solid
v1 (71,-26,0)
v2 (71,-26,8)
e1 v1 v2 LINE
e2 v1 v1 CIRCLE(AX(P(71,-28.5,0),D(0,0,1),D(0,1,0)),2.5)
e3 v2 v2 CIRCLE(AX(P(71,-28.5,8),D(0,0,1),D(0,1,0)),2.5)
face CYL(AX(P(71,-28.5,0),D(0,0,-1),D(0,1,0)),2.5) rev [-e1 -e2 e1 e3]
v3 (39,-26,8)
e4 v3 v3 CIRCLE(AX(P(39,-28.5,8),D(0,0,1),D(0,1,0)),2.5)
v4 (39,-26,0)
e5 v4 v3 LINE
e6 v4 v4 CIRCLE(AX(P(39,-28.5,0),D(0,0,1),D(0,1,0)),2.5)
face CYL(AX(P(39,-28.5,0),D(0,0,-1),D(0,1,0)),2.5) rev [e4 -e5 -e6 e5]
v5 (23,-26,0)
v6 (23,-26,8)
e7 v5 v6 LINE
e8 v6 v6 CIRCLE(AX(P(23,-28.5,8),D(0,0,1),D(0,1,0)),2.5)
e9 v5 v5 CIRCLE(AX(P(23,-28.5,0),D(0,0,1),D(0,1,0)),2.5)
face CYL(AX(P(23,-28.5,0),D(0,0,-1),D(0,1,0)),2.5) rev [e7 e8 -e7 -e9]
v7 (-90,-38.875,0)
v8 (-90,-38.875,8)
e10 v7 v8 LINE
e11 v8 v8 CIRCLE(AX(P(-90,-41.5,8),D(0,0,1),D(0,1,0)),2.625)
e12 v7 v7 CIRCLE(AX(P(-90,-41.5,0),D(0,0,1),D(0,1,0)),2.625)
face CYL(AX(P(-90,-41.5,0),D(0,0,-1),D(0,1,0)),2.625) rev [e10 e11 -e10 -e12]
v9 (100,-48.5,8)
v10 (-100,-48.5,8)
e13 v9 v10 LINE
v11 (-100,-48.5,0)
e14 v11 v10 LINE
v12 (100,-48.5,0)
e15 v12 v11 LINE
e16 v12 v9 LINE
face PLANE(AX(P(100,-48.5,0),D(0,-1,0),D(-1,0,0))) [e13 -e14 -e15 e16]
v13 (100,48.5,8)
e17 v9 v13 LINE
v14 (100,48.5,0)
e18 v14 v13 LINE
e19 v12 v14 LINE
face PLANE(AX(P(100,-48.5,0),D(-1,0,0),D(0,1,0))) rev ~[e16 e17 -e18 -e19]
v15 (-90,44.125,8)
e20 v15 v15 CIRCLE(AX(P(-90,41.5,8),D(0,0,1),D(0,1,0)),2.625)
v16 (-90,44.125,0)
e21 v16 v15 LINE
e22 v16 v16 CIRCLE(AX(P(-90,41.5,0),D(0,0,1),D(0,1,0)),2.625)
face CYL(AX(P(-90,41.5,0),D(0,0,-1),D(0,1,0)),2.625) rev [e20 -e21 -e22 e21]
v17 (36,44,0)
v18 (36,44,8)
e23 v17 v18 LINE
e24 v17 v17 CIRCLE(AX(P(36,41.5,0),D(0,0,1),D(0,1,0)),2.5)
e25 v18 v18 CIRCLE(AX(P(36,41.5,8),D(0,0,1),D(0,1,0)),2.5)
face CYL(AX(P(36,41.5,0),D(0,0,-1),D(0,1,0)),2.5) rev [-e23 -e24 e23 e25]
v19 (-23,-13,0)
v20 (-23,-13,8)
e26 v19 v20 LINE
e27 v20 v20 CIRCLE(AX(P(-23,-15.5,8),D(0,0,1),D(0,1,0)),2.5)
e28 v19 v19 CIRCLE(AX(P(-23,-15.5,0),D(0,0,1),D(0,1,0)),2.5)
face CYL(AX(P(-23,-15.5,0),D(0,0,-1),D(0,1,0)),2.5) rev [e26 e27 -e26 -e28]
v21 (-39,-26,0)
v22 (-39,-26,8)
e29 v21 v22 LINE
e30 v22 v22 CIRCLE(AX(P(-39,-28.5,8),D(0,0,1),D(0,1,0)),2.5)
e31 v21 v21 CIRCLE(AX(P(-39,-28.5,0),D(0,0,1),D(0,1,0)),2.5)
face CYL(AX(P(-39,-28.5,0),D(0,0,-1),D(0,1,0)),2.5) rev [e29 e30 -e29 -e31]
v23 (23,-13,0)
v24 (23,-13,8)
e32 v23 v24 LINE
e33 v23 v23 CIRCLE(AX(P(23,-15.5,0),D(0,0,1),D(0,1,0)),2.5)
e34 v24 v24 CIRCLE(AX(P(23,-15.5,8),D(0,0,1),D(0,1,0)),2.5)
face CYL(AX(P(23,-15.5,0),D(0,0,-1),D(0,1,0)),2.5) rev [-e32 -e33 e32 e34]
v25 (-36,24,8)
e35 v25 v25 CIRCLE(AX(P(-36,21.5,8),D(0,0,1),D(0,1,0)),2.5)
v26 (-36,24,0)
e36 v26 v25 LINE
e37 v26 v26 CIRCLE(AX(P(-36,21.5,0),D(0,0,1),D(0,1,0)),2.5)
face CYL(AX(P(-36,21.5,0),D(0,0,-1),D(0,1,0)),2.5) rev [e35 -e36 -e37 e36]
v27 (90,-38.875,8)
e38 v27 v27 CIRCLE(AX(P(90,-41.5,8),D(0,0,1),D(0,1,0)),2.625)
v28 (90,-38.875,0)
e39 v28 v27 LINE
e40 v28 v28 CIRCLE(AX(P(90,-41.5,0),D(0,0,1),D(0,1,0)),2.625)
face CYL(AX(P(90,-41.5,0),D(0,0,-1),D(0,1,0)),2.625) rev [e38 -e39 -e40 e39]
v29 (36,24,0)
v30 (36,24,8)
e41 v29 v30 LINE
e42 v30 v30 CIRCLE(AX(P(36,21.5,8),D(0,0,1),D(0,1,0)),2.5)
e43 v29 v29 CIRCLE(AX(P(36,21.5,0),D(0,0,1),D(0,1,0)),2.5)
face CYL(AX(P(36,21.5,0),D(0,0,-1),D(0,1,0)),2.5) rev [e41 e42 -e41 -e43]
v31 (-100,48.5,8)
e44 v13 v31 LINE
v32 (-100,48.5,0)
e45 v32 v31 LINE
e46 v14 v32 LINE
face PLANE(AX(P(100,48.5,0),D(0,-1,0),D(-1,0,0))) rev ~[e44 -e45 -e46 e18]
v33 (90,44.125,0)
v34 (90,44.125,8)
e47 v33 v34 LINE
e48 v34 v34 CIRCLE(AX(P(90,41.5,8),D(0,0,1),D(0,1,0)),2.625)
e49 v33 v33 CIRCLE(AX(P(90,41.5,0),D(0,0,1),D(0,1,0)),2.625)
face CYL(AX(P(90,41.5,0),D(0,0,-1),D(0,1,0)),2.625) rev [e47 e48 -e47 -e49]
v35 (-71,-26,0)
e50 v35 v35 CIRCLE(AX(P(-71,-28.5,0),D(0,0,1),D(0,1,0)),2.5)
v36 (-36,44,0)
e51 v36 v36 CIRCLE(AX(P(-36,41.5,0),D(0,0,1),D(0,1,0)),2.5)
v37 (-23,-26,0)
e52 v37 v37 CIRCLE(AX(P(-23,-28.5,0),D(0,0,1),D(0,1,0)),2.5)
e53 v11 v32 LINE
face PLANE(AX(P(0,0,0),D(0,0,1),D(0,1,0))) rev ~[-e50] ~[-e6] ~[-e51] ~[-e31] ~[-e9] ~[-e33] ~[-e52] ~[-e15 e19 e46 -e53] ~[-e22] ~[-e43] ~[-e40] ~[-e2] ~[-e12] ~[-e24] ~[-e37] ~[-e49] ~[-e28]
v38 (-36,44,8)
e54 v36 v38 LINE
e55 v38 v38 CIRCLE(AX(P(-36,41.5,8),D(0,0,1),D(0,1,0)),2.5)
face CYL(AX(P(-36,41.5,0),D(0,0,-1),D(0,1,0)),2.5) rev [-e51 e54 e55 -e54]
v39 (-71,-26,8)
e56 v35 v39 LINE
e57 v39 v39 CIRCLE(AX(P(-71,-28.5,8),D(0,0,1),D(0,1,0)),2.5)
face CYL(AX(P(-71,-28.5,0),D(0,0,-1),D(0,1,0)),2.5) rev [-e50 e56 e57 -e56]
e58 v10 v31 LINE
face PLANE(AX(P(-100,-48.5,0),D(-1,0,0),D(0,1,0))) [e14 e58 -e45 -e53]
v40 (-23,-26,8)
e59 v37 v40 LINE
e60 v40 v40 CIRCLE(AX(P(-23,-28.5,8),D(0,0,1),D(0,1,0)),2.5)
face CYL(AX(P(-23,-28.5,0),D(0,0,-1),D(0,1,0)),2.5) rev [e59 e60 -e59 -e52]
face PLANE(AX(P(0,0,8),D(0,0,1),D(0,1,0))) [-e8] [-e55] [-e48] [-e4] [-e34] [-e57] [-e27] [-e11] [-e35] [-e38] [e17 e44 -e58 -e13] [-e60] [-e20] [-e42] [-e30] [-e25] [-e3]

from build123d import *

# Parameters (mm, degrees)
SKETCH_W   = 97
SKETCH_H   = 200
SKETCH_R   = 2.5
SKETCH_R_2 = 2.625
PAD_DEPTH  = 8


with BuildPart() as part:
    # Sketch → Pad (new body)
    with BuildSketch(Plane(origin=(0, 0, 0), x_dir=(0, 1, 0), z_dir=(0, 0, 1))):
        Rectangle(SKETCH_W, SKETCH_H)
        with Locations((-28.5, 71)):
            Circle(SKETCH_R, mode=Mode.SUBTRACT)
        with Locations((-28.5, 39)):
            Circle(SKETCH_R, mode=Mode.SUBTRACT)
        with Locations((-28.5, -39)):
            Circle(SKETCH_R, mode=Mode.SUBTRACT)
        with Locations((-28.5, -71)):
            Circle(SKETCH_R, mode=Mode.SUBTRACT)
        with Locations((-28.5, 23)):
            Circle(SKETCH_R, mode=Mode.SUBTRACT)
        with Locations((-15.5, 23)):
            Circle(SKETCH_R, mode=Mode.SUBTRACT)
        with Locations((-28.5, -23)):
            Circle(SKETCH_R, mode=Mode.SUBTRACT)
        with Locations((-15.5, -23)):
            Circle(SKETCH_R, mode=Mode.SUBTRACT)
        with Locations((-41.5, 90)):
            Circle(SKETCH_R_2, mode=Mode.SUBTRACT)
        with Locations((41.5, 90)):
            Circle(SKETCH_R_2, mode=Mode.SUBTRACT)
        with Locations((-41.5, -90)):
            Circle(SKETCH_R_2, mode=Mode.SUBTRACT)
        with Locations((41.5, -90)):
            Circle(SKETCH_R_2, mode=Mode.SUBTRACT)
        with Locations((21.5, 36)):
            Circle(SKETCH_R, mode=Mode.SUBTRACT)
        with Locations((41.5, 36)):
            Circle(SKETCH_R, mode=Mode.SUBTRACT)
        with Locations((21.5, -36)):
            Circle(SKETCH_R, mode=Mode.SUBTRACT)
        with Locations((41.5, -36)):
            Circle(SKETCH_R, mode=Mode.SUBTRACT)
    extrude(amount=PAD_DEPTH)


solid = part.part
